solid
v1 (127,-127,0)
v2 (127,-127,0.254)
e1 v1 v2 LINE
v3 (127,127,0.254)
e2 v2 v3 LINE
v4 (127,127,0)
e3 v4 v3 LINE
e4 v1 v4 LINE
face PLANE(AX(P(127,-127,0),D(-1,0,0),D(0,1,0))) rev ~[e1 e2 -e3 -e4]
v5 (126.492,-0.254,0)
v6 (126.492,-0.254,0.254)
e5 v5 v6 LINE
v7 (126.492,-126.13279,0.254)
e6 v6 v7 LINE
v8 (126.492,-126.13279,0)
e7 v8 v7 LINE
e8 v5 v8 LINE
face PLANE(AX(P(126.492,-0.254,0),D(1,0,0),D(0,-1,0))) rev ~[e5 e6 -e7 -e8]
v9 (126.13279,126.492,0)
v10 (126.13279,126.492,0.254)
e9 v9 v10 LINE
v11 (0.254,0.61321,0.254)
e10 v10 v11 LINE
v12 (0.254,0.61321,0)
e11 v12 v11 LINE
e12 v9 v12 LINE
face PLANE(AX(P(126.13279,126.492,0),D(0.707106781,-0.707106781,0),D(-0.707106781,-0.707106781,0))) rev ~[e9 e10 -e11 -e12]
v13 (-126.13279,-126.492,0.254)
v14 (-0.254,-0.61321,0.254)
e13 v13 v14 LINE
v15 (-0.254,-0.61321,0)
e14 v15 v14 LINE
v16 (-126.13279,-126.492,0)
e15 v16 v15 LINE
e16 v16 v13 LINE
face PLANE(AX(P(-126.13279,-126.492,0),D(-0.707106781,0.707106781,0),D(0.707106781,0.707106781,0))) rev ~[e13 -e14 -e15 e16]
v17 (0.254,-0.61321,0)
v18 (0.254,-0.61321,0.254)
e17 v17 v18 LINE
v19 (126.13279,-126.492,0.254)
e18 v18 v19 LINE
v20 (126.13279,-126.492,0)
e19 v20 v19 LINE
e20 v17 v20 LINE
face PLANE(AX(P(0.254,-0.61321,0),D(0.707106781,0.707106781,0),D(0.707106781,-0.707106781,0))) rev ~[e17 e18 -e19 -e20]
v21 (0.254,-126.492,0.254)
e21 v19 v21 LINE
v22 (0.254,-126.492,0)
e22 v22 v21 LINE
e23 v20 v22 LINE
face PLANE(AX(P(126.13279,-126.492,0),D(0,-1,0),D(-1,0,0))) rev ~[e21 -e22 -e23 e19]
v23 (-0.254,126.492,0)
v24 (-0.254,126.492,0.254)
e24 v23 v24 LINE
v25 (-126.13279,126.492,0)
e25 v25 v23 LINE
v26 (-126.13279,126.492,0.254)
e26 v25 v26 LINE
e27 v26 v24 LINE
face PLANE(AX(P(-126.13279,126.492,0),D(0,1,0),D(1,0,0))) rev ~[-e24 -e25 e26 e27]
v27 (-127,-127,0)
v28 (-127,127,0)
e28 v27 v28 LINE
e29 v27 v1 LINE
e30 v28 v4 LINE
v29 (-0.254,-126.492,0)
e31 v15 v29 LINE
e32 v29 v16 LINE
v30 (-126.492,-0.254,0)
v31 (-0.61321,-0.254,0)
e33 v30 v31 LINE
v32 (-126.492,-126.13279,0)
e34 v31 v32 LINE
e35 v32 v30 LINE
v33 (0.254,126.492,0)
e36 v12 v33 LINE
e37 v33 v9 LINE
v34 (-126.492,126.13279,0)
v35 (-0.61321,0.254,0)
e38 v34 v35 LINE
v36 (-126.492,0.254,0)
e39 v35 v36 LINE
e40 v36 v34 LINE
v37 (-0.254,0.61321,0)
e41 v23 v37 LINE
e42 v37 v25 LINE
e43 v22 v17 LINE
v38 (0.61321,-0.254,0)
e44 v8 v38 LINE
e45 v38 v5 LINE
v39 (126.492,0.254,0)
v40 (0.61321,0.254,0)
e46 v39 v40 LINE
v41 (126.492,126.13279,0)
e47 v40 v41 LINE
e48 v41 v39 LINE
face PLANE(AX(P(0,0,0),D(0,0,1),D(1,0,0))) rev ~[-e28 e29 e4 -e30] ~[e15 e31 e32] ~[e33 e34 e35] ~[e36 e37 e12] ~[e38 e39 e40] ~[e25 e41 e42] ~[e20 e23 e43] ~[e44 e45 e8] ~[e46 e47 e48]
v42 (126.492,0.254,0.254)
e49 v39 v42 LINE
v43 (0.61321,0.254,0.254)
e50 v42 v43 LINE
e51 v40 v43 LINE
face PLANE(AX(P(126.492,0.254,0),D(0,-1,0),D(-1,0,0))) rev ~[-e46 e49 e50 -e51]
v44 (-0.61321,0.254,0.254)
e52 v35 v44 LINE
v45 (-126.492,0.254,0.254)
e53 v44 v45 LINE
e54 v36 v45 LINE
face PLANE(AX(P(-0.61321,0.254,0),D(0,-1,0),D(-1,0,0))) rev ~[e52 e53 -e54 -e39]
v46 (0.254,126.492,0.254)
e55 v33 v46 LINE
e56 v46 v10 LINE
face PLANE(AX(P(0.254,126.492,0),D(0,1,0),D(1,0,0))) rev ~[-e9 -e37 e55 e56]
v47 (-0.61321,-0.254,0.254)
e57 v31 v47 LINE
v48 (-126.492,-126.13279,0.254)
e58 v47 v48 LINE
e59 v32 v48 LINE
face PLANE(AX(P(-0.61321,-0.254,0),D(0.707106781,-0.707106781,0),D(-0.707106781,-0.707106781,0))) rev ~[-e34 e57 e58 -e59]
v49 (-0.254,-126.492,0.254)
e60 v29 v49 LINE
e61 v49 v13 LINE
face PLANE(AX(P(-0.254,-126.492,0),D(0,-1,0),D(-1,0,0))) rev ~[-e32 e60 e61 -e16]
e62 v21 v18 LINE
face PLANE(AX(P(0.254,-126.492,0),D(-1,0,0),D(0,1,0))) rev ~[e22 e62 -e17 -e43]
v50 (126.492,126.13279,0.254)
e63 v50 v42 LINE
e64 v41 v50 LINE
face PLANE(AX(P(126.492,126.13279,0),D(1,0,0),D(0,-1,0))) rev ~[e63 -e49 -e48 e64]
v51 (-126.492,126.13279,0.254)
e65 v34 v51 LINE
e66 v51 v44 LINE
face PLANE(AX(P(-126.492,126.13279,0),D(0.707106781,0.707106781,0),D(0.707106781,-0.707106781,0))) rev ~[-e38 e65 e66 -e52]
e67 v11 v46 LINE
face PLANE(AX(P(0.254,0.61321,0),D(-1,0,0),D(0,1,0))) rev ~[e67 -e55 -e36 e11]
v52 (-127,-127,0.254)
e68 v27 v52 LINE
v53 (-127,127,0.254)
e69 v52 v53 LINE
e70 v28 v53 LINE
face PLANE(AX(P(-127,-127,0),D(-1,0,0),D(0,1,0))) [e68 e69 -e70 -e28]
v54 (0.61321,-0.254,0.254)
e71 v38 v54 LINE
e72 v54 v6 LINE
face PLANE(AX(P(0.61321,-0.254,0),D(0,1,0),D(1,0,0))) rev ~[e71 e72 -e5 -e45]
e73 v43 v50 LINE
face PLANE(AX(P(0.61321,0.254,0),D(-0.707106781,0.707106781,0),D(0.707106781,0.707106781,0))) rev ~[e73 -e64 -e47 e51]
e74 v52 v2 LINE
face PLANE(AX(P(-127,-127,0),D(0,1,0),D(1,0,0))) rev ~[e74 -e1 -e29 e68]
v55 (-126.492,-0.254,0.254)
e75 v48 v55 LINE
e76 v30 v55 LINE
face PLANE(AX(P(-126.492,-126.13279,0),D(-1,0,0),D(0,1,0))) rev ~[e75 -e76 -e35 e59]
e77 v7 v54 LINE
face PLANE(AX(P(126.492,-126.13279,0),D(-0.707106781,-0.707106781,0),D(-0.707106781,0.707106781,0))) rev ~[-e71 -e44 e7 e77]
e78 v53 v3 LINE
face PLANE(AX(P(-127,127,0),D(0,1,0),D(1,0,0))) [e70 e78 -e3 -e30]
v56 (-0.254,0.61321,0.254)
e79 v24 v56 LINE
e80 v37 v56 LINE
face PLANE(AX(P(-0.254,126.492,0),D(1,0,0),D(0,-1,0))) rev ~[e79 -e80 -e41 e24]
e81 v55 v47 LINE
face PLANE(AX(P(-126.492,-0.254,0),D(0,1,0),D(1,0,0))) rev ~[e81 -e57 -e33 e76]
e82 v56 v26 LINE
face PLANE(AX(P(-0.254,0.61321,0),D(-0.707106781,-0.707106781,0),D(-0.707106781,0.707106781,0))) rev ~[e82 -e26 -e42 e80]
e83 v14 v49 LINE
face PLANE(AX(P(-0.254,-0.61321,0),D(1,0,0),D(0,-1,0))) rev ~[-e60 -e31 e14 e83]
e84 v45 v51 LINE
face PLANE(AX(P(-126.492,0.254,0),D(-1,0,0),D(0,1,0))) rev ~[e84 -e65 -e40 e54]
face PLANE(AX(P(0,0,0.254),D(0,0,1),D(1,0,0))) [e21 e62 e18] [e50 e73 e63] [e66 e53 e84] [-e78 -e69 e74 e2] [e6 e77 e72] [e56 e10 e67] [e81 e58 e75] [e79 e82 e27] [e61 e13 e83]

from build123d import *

# Parameters (mm, degrees)
F1_W     = 254
F1_H     = 254
F2_DEPTH = 0.254


with BuildPart() as f2:
    # F1 (on Top) → F2 (new body)
    with BuildSketch(Plane.XY):
        Rectangle(F1_W, F1_H)
        Polygon((-0.254, -126.492), (-126.13279, -126.492), (-0.254, -0.61321), align=None, mode=Mode.SUBTRACT)
        Polygon((-0.61321, -0.254), (-126.492, -126.13279), (-126.492, -0.254), align=None, mode=Mode.SUBTRACT)
        Polygon((126.13279, -126.492), (0.254, -126.492), (0.254, -0.61321), align=None, mode=Mode.SUBTRACT)
        Polygon((126.492, -0.254), (126.492, -126.13279), (0.61321, -0.254), align=None, mode=Mode.SUBTRACT)
        Polygon((-126.492, 0.254), (-126.492, 126.13279), (-0.61321, 0.254), align=None, mode=Mode.SUBTRACT)
        Polygon((-0.254, 0.61321), (-126.13279, 126.492), (-0.254, 126.492), align=None, mode=Mode.SUBTRACT)
        Polygon((0.61321, 0.254), (126.492, 126.13279), (126.492, 0.254), align=None, mode=Mode.SUBTRACT)
        Polygon((0.254, 0.61321), (0.254, 126.492), (126.13279, 126.492), align=None, mode=Mode.SUBTRACT)
    extrude(amount=F2_DEPTH)


solid = f2.part
